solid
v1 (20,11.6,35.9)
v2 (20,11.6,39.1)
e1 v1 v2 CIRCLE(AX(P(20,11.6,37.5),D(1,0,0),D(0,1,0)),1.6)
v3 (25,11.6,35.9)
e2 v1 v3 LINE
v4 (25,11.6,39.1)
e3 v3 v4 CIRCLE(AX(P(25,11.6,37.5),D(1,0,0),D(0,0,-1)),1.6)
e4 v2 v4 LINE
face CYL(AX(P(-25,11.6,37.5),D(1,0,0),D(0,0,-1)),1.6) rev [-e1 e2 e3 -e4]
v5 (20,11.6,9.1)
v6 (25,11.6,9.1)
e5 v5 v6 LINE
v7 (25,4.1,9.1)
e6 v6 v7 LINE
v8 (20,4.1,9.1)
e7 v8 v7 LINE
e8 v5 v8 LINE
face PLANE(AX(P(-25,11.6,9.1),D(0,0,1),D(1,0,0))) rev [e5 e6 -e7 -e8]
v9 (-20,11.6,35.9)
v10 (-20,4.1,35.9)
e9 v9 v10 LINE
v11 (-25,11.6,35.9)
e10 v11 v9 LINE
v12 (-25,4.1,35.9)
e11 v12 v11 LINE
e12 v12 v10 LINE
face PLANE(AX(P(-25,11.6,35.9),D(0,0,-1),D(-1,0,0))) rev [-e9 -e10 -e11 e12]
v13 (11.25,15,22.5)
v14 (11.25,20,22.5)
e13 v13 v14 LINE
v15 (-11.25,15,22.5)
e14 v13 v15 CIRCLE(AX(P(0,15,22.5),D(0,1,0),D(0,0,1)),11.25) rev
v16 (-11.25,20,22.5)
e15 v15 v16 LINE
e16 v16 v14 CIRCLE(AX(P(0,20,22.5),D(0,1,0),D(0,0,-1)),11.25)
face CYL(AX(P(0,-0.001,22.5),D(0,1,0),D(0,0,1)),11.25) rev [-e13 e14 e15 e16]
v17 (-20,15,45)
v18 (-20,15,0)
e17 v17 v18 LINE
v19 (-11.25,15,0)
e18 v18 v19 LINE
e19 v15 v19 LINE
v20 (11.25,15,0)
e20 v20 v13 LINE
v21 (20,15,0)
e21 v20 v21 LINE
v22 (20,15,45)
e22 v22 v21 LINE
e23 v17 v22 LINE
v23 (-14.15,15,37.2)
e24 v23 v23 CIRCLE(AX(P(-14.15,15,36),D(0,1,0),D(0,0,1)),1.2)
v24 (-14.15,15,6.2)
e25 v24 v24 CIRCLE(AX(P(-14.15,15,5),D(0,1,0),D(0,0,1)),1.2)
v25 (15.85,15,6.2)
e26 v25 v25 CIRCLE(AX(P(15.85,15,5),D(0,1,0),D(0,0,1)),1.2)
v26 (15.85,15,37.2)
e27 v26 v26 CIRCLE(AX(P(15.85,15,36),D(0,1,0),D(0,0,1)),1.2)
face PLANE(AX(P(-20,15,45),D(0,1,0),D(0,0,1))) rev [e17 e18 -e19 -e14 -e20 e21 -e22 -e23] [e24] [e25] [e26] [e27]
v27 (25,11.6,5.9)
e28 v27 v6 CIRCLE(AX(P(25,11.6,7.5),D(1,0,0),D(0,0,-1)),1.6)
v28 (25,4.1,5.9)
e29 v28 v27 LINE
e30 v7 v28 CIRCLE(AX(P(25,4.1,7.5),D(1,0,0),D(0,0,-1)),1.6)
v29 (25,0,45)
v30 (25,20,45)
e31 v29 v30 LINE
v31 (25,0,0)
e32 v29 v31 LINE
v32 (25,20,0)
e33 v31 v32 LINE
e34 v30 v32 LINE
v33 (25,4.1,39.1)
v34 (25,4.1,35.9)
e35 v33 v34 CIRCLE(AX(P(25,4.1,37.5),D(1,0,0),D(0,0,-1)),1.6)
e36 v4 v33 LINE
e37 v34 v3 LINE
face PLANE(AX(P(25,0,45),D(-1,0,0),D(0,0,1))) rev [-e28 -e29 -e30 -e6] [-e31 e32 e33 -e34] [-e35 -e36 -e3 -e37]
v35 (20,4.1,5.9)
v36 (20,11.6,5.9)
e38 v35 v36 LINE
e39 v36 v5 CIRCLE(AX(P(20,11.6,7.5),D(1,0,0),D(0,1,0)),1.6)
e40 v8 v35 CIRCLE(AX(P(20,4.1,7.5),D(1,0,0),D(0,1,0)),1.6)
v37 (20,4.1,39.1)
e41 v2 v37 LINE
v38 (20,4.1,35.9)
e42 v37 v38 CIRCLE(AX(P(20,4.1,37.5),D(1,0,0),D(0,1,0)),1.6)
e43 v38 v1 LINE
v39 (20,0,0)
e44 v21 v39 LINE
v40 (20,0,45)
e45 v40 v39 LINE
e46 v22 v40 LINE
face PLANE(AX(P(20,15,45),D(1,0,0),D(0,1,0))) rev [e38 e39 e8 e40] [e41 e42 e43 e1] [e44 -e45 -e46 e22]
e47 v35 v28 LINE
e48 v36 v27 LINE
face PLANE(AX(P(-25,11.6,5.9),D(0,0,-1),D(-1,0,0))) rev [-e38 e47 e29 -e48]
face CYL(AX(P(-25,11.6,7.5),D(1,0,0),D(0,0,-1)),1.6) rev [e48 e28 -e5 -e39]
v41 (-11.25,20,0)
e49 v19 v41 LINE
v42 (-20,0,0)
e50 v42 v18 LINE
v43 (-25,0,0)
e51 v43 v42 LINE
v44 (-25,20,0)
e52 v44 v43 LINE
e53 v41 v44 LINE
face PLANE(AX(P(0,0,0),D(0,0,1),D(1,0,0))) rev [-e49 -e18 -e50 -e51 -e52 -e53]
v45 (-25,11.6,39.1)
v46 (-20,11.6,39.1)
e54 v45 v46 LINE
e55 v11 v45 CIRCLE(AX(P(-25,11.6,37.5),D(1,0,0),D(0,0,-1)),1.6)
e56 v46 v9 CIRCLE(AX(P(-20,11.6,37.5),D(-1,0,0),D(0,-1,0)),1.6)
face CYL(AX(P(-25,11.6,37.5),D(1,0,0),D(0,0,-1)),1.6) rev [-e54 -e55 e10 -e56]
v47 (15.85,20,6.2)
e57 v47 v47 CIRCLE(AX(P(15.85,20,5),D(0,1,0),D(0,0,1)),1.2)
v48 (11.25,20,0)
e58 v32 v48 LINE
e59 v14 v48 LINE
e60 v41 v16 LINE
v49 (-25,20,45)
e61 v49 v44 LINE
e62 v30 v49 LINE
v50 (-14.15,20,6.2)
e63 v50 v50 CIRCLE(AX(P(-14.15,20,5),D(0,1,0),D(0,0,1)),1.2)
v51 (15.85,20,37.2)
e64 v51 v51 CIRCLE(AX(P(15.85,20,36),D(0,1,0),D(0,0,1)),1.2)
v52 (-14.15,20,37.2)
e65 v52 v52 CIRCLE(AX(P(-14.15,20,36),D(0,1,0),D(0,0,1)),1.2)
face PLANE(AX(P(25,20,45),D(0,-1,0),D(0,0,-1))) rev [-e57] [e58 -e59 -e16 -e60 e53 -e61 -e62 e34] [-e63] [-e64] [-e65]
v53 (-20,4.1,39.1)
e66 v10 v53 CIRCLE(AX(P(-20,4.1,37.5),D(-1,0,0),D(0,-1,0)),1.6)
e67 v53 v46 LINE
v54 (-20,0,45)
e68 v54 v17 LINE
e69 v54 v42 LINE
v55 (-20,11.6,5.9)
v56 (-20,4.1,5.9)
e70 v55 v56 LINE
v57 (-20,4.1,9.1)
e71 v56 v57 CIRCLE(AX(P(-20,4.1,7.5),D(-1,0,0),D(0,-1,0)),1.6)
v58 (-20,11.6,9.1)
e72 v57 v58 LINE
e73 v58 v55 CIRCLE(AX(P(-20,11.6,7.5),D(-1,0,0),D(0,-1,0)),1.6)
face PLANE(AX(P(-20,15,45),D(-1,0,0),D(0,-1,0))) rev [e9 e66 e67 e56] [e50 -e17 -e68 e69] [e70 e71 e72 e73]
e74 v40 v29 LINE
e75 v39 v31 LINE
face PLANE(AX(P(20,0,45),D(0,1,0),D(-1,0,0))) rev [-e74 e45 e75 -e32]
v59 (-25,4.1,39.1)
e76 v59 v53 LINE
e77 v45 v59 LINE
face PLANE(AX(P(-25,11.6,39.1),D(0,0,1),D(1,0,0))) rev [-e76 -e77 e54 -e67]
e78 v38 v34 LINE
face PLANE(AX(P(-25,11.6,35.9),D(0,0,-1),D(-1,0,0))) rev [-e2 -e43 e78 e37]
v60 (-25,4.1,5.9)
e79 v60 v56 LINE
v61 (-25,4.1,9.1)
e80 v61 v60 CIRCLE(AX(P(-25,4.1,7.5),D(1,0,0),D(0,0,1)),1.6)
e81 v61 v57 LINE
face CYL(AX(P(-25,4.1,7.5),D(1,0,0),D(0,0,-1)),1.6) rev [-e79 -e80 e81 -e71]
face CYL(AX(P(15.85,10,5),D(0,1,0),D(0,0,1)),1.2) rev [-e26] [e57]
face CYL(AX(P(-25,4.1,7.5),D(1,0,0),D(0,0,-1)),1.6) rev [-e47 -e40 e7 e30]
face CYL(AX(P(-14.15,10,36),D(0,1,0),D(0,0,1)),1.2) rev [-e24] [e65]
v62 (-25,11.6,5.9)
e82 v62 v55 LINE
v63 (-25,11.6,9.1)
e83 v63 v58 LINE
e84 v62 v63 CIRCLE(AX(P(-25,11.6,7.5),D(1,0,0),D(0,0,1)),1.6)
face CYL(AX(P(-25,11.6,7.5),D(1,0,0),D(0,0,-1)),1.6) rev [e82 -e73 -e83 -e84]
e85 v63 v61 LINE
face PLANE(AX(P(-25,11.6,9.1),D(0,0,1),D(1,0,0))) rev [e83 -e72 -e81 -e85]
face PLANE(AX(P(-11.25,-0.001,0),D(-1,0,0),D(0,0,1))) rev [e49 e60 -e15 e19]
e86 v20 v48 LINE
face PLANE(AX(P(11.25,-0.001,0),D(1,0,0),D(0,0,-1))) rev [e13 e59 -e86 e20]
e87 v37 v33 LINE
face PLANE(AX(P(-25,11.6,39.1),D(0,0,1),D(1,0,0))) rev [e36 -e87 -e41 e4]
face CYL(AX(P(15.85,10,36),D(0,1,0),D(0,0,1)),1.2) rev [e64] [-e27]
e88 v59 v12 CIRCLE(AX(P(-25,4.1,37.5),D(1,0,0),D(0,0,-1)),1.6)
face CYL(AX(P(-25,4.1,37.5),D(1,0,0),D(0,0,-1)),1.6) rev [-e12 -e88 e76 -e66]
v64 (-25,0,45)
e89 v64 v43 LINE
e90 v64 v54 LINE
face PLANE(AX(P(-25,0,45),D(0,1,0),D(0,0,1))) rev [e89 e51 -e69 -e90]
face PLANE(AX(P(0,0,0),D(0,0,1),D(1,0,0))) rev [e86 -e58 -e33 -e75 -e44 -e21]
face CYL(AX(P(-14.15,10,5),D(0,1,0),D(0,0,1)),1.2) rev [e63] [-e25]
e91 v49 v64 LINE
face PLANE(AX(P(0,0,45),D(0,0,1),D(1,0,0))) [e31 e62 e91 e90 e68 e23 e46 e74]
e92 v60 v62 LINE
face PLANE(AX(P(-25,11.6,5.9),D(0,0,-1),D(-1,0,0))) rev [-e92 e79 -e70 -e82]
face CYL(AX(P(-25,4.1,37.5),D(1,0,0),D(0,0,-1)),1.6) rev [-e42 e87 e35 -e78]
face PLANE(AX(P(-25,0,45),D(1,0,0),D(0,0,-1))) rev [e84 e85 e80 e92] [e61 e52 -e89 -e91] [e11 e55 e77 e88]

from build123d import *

# Parameters (mm, degrees)
BOSS_EXTRUDE1_DEPTH     = 45
CUT_EXTRUDE1_REACH      = 22
SKETCH3_R               = 1.2
CUT_EXTRUDE2_DEPTH      = 10
CUT_EXTRUDE3_DEPTH      = 1
CUT_EXTRUDE3_DEPTH_BACK = 51


with BuildPart() as part:
    # Sketch1 → Boss-Extrude1 (new body)
    with BuildSketch(Plane.XY):
        Polygon((-25, 0), (-20, 0), (-20, 15), (20, 15), (20, 0), (25, 0), (25, 20), (-25, 20), align=None)
    extrude(amount=BOSS_EXTRUDE1_DEPTH)

    # Sketch2 → Cut-Extrude1 (cut, up to next)
    with BuildSketch(Plane(origin=(0, 20, 0), x_dir=(1, 0, 0), z_dir=(0, 1, 0)), mode=Mode.PRIVATE) as cut_extrude1_sk1:
        with BuildLine():
            Line((11.25, 0), (11.25, -22.5))
            ThreePointArc((11.25, -22.5), (0, -33.75), (-11.25, -22.5))
            Line((-11.25, -22.5), (-11.25, 0))
            Line((-11.25, 0), (11.25, 0))
        make_face()
    cut_extrude1_tool1 = extrude(cut_extrude1_sk1.sketch, amount=-CUT_EXTRUDE1_REACH, mode=Mode.PRIVATE) & part.part
    add(cut_extrude1_tool1.solids().sort_by_distance((0, 20, 15.768467))[0], mode=Mode.SUBTRACT)

    # Sketch3 → Cut-Extrude2 (cut)
    with BuildSketch(Plane(origin=(0, 20, 0), x_dir=(1, 0, 0), z_dir=(0, 1, 0))):
        with Locations((15.85, -36)):
            Circle(SKETCH3_R)
        with Locations((-14.15, -36)):
            Circle(SKETCH3_R)
        with Locations((-14.15, -5)):
            Circle(SKETCH3_R)
        with Locations((15.85, -5)):
            Circle(SKETCH3_R)
    extrude(amount=-CUT_EXTRUDE2_DEPTH, mode=Mode.SUBTRACT)

    # Sketch4 → Cut-Extrude3 (cut, two sides)
    with BuildSketch(Plane(origin=(25, 0, 0), x_dir=(0, 0, -1), z_dir=(1, 0, 0))) as cut_extrude3_sk:
        with BuildLine():
            Line((-35.9, 11.6), (-35.9, 4.1))
            ThreePointArc((-35.9, 4.1), (-37.5, 2.5), (-39.1, 4.1))
            Line((-39.1, 4.1), (-39.1, 11.6))
            ThreePointArc((-39.1, 11.6), (-37.5, 13.2), (-35.9, 11.6))
        make_face()
        with BuildLine():
            Line((-9.1, 11.6), (-9.1, 4.1))
            ThreePointArc((-9.1, 4.1), (-7.5, 2.5), (-5.9, 4.1))
            Line((-5.9, 4.1), (-5.9, 11.6))
            ThreePointArc((-5.9, 11.6), (-7.5, 13.2), (-9.1, 11.6))
        make_face()
    extrude(amount=CUT_EXTRUDE3_DEPTH, mode=Mode.SUBTRACT)
    extrude(cut_extrude3_sk.sketch, amount=-CUT_EXTRUDE3_DEPTH_BACK, mode=Mode.SUBTRACT)


solid = part.part
